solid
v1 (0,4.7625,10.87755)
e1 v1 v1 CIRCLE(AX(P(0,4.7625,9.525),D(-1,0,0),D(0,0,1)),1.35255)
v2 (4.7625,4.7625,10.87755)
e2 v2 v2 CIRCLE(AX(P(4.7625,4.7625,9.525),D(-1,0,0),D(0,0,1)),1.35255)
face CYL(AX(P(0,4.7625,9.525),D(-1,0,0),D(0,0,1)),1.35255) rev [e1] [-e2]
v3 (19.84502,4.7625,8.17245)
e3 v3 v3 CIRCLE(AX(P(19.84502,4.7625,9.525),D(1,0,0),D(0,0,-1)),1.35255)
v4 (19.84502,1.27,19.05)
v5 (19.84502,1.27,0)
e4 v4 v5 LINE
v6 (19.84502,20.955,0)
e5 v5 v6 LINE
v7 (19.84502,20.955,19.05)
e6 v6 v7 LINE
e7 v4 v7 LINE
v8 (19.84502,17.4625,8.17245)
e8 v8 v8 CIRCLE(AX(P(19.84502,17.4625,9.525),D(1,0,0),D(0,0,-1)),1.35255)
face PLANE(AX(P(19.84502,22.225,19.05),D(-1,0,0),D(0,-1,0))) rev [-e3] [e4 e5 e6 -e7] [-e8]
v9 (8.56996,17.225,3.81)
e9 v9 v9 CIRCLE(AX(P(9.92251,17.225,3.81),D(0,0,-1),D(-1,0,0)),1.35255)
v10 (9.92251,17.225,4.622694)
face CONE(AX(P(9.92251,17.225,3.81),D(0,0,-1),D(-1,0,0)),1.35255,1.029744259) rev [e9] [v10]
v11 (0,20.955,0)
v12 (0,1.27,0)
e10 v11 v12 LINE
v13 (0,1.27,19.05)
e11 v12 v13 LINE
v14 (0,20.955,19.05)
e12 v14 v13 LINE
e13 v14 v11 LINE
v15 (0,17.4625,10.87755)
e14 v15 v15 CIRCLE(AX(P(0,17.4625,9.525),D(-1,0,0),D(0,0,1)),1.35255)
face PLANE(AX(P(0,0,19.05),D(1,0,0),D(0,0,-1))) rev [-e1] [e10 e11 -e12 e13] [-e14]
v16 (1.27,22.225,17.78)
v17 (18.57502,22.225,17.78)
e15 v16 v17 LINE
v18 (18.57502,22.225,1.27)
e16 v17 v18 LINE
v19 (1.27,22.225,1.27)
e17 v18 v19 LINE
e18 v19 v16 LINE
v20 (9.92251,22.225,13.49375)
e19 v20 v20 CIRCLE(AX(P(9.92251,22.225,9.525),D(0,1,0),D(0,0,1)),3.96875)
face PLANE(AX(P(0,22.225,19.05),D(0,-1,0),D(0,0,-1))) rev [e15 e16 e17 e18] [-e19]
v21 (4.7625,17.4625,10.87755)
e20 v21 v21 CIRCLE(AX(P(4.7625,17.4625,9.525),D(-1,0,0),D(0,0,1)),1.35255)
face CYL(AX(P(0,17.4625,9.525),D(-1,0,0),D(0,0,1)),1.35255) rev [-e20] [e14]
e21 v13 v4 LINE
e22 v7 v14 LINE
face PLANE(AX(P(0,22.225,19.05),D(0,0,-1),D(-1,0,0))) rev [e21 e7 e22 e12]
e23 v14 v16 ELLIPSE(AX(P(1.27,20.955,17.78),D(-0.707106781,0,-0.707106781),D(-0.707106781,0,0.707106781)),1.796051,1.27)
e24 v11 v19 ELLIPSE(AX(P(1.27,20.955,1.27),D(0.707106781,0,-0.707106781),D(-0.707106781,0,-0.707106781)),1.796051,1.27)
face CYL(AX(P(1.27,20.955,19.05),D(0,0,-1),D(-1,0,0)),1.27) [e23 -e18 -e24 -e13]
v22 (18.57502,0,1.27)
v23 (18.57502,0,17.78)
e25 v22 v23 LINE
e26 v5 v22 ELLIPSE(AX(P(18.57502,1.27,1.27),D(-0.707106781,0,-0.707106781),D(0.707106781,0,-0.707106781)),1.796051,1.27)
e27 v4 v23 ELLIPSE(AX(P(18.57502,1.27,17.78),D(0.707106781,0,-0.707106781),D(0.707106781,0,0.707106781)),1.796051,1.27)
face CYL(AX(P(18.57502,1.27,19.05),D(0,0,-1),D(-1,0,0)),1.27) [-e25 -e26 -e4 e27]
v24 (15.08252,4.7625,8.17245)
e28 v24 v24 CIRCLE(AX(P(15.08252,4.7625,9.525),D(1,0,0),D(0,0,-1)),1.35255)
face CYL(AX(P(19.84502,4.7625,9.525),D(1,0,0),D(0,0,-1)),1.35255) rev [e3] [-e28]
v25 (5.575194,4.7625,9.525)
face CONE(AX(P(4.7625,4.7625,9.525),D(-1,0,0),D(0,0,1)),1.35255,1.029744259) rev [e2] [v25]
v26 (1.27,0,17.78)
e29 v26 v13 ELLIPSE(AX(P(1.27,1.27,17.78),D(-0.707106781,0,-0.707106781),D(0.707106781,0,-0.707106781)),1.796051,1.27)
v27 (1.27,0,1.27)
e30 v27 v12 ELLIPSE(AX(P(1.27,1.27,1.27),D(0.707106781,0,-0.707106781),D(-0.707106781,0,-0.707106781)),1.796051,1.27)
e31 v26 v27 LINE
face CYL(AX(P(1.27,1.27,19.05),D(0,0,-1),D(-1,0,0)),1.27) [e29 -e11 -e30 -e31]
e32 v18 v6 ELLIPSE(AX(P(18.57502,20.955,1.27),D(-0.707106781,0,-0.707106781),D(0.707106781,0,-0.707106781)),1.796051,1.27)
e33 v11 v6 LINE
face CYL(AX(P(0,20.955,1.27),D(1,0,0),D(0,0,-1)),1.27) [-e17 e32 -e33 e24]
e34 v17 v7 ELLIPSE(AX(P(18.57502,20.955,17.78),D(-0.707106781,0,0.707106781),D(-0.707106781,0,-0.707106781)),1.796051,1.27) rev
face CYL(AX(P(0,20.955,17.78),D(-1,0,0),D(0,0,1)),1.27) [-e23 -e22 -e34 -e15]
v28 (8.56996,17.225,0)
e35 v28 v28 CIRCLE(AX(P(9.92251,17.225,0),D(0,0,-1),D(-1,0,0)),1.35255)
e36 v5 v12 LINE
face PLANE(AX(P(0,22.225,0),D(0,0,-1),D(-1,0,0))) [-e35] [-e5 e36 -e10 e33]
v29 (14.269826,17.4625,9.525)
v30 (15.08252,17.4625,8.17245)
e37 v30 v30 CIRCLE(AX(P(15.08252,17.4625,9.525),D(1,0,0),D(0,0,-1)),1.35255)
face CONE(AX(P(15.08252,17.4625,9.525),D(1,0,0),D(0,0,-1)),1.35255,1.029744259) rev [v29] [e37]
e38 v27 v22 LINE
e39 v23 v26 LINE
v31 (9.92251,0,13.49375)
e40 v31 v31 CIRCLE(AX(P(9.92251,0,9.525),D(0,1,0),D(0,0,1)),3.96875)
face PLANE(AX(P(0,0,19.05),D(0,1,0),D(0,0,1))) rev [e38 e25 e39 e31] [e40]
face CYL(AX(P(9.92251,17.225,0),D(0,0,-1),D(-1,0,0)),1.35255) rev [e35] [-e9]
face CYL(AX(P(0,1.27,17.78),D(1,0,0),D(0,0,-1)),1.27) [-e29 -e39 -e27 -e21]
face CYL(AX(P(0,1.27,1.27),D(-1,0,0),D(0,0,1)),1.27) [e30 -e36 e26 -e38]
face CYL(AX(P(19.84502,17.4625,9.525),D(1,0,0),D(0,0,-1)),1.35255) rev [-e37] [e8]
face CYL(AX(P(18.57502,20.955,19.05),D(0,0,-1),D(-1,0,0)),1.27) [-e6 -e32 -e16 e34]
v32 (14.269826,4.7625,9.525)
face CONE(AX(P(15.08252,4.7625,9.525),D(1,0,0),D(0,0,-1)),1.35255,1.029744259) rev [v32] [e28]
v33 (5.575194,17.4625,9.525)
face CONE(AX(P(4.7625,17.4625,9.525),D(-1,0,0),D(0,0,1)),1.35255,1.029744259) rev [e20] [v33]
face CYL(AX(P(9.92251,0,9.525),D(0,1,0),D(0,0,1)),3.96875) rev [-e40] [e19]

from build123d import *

# Parameters (mm, degrees)
SKETCH1_W                 = 19.84502
SKETCH1_H                 = 22.225
BODY_DEPTH                = 19.05
YAW_AXLE_OPENING_DEPTH    = 36.364925333
F_6_32_TAPPED_HOLE1_D     = 2.7051
F_6_32_TAPPED_HOLE1_DEPTH = 4.7625
F_6_32_TAPPED_HOLE1_TIP   = 0.81269403
F_6_32_TAPPED_HOLE2_D     = 2.7051
F_6_32_TAPPED_HOLE2_DEPTH = 4.7625
F_6_32_TAPPED_HOLE2_TIP   = 0.81269403
F_6_32_TAPPED_HOLE3_D     = 2.7051
F_6_32_TAPPED_HOLE3_DEPTH = 3.81
F_6_32_TAPPED_HOLE3_TIP   = 0.81269403
FILLET1_R                 = 1.27


with BuildPart() as part:
    # Sketch1 → Body (new body)
    with BuildSketch(Plane.XY):
        with Locations((9.92251, 11.1125)):
            Rectangle(SKETCH1_W, SKETCH1_H)
    extrude(amount=BODY_DEPTH)

    # Sketch2 → Yaw Axle Opening (cut, through all)
    with BuildSketch(Plane(origin=(0, 22.225, 0), x_dir=(1, 0, 0), z_dir=(0, 1, 0))):
        with BuildLine():
            ThreePointArc((13.89126, -9.525), (12.728840038, -6.718669962), (9.92251, -5.55625))
            Line((9.92251, -5.55625), (9.92251, -9.525))
            Line((9.92251, -9.525), (13.89126, -9.525))
        make_face()
        with BuildLine():
            Line((9.92251, -9.525), (9.92251, -5.55625))
            ThreePointArc((9.92251, -5.55625), (7.116179962, -6.718669962), (5.95376, -9.525))
            Line((5.95376, -9.525), (9.92251, -9.525))
        make_face()
        with BuildLine():
            Line((13.89126, -9.525), (9.92251, -9.525))
            Line((9.92251, -9.525), (9.92251, -13.49375))
            ThreePointArc((9.92251, -13.49375), (12.728840038, -12.331330038), (13.89126, -9.525))
        make_face()
        with BuildLine():
            Line((9.92251, -13.49375), (9.92251, -9.525))
            Line((9.92251, -9.525), (5.95376, -9.525))
            ThreePointArc((5.95376, -9.525), (7.116179962, -12.331330038), (9.92251, -13.49375))
        make_face()
    extrude(amount=-YAW_AXLE_OPENING_DEPTH, mode=Mode.SUBTRACT)

    # #6-32 Tapped Hole1
    with Locations(Plane(origin=(0, 17.4625, 9.525), x_dir=(0, 0, -1), z_dir=(-1, 0, 0))):
        with Locations((0, 0), (0, 12.7)):
            Hole(F_6_32_TAPPED_HOLE1_D / 2, depth=F_6_32_TAPPED_HOLE1_DEPTH)
            with Locations((0, 0, -(F_6_32_TAPPED_HOLE1_DEPTH + F_6_32_TAPPED_HOLE1_TIP / 2))):  # 118° drill point
                Cone(0, F_6_32_TAPPED_HOLE1_D / 2, F_6_32_TAPPED_HOLE1_TIP, mode=Mode.SUBTRACT)

    # #6-32 Tapped Hole2
    with Locations(Plane(origin=(19.84502, 17.4625, 9.525), x_dir=(0, 1, 0), z_dir=(1, 0, 0))):
        with Locations((0, 0), (-12.7, 0)):
            Hole(F_6_32_TAPPED_HOLE2_D / 2, depth=F_6_32_TAPPED_HOLE2_DEPTH)
            with Locations((0, 0, -(F_6_32_TAPPED_HOLE2_DEPTH + F_6_32_TAPPED_HOLE2_TIP / 2))):  # 118° drill point
                Cone(0, F_6_32_TAPPED_HOLE2_D / 2, F_6_32_TAPPED_HOLE2_TIP, mode=Mode.SUBTRACT)

    # #6-32 Tapped Hole3
    with Locations(Plane(origin=(0, 0, 0), x_dir=(-1, 0, 0), z_dir=(0, 0, -1))):
        with Locations((-9.92251, 17.225)):
            Hole(F_6_32_TAPPED_HOLE3_D / 2, depth=F_6_32_TAPPED_HOLE3_DEPTH)
            with Locations((0, 0, -(F_6_32_TAPPED_HOLE3_DEPTH + F_6_32_TAPPED_HOLE3_TIP / 2))):  # 118° drill point
                Cone(0, F_6_32_TAPPED_HOLE3_D / 2, F_6_32_TAPPED_HOLE3_TIP, mode=Mode.SUBTRACT)

    # Fillet1
    fillet1_edges = [part.edges().sort_by_distance(p)[0] for p in [
        (9.92251, 22.225, 19.05),
        (9.92251, 22.225, 0),
        (9.92251, 0, 0),
        (9.92251, 0, 19.05),
        (0, 22.225, 9.525),
        (19.84502, 22.225, 9.525),
        (19.84502, 0, 9.525),
        (0, 0, 9.525),
    ]]
    fillet(fillet1_edges, radius=FILLET1_R)


solid = part.part
